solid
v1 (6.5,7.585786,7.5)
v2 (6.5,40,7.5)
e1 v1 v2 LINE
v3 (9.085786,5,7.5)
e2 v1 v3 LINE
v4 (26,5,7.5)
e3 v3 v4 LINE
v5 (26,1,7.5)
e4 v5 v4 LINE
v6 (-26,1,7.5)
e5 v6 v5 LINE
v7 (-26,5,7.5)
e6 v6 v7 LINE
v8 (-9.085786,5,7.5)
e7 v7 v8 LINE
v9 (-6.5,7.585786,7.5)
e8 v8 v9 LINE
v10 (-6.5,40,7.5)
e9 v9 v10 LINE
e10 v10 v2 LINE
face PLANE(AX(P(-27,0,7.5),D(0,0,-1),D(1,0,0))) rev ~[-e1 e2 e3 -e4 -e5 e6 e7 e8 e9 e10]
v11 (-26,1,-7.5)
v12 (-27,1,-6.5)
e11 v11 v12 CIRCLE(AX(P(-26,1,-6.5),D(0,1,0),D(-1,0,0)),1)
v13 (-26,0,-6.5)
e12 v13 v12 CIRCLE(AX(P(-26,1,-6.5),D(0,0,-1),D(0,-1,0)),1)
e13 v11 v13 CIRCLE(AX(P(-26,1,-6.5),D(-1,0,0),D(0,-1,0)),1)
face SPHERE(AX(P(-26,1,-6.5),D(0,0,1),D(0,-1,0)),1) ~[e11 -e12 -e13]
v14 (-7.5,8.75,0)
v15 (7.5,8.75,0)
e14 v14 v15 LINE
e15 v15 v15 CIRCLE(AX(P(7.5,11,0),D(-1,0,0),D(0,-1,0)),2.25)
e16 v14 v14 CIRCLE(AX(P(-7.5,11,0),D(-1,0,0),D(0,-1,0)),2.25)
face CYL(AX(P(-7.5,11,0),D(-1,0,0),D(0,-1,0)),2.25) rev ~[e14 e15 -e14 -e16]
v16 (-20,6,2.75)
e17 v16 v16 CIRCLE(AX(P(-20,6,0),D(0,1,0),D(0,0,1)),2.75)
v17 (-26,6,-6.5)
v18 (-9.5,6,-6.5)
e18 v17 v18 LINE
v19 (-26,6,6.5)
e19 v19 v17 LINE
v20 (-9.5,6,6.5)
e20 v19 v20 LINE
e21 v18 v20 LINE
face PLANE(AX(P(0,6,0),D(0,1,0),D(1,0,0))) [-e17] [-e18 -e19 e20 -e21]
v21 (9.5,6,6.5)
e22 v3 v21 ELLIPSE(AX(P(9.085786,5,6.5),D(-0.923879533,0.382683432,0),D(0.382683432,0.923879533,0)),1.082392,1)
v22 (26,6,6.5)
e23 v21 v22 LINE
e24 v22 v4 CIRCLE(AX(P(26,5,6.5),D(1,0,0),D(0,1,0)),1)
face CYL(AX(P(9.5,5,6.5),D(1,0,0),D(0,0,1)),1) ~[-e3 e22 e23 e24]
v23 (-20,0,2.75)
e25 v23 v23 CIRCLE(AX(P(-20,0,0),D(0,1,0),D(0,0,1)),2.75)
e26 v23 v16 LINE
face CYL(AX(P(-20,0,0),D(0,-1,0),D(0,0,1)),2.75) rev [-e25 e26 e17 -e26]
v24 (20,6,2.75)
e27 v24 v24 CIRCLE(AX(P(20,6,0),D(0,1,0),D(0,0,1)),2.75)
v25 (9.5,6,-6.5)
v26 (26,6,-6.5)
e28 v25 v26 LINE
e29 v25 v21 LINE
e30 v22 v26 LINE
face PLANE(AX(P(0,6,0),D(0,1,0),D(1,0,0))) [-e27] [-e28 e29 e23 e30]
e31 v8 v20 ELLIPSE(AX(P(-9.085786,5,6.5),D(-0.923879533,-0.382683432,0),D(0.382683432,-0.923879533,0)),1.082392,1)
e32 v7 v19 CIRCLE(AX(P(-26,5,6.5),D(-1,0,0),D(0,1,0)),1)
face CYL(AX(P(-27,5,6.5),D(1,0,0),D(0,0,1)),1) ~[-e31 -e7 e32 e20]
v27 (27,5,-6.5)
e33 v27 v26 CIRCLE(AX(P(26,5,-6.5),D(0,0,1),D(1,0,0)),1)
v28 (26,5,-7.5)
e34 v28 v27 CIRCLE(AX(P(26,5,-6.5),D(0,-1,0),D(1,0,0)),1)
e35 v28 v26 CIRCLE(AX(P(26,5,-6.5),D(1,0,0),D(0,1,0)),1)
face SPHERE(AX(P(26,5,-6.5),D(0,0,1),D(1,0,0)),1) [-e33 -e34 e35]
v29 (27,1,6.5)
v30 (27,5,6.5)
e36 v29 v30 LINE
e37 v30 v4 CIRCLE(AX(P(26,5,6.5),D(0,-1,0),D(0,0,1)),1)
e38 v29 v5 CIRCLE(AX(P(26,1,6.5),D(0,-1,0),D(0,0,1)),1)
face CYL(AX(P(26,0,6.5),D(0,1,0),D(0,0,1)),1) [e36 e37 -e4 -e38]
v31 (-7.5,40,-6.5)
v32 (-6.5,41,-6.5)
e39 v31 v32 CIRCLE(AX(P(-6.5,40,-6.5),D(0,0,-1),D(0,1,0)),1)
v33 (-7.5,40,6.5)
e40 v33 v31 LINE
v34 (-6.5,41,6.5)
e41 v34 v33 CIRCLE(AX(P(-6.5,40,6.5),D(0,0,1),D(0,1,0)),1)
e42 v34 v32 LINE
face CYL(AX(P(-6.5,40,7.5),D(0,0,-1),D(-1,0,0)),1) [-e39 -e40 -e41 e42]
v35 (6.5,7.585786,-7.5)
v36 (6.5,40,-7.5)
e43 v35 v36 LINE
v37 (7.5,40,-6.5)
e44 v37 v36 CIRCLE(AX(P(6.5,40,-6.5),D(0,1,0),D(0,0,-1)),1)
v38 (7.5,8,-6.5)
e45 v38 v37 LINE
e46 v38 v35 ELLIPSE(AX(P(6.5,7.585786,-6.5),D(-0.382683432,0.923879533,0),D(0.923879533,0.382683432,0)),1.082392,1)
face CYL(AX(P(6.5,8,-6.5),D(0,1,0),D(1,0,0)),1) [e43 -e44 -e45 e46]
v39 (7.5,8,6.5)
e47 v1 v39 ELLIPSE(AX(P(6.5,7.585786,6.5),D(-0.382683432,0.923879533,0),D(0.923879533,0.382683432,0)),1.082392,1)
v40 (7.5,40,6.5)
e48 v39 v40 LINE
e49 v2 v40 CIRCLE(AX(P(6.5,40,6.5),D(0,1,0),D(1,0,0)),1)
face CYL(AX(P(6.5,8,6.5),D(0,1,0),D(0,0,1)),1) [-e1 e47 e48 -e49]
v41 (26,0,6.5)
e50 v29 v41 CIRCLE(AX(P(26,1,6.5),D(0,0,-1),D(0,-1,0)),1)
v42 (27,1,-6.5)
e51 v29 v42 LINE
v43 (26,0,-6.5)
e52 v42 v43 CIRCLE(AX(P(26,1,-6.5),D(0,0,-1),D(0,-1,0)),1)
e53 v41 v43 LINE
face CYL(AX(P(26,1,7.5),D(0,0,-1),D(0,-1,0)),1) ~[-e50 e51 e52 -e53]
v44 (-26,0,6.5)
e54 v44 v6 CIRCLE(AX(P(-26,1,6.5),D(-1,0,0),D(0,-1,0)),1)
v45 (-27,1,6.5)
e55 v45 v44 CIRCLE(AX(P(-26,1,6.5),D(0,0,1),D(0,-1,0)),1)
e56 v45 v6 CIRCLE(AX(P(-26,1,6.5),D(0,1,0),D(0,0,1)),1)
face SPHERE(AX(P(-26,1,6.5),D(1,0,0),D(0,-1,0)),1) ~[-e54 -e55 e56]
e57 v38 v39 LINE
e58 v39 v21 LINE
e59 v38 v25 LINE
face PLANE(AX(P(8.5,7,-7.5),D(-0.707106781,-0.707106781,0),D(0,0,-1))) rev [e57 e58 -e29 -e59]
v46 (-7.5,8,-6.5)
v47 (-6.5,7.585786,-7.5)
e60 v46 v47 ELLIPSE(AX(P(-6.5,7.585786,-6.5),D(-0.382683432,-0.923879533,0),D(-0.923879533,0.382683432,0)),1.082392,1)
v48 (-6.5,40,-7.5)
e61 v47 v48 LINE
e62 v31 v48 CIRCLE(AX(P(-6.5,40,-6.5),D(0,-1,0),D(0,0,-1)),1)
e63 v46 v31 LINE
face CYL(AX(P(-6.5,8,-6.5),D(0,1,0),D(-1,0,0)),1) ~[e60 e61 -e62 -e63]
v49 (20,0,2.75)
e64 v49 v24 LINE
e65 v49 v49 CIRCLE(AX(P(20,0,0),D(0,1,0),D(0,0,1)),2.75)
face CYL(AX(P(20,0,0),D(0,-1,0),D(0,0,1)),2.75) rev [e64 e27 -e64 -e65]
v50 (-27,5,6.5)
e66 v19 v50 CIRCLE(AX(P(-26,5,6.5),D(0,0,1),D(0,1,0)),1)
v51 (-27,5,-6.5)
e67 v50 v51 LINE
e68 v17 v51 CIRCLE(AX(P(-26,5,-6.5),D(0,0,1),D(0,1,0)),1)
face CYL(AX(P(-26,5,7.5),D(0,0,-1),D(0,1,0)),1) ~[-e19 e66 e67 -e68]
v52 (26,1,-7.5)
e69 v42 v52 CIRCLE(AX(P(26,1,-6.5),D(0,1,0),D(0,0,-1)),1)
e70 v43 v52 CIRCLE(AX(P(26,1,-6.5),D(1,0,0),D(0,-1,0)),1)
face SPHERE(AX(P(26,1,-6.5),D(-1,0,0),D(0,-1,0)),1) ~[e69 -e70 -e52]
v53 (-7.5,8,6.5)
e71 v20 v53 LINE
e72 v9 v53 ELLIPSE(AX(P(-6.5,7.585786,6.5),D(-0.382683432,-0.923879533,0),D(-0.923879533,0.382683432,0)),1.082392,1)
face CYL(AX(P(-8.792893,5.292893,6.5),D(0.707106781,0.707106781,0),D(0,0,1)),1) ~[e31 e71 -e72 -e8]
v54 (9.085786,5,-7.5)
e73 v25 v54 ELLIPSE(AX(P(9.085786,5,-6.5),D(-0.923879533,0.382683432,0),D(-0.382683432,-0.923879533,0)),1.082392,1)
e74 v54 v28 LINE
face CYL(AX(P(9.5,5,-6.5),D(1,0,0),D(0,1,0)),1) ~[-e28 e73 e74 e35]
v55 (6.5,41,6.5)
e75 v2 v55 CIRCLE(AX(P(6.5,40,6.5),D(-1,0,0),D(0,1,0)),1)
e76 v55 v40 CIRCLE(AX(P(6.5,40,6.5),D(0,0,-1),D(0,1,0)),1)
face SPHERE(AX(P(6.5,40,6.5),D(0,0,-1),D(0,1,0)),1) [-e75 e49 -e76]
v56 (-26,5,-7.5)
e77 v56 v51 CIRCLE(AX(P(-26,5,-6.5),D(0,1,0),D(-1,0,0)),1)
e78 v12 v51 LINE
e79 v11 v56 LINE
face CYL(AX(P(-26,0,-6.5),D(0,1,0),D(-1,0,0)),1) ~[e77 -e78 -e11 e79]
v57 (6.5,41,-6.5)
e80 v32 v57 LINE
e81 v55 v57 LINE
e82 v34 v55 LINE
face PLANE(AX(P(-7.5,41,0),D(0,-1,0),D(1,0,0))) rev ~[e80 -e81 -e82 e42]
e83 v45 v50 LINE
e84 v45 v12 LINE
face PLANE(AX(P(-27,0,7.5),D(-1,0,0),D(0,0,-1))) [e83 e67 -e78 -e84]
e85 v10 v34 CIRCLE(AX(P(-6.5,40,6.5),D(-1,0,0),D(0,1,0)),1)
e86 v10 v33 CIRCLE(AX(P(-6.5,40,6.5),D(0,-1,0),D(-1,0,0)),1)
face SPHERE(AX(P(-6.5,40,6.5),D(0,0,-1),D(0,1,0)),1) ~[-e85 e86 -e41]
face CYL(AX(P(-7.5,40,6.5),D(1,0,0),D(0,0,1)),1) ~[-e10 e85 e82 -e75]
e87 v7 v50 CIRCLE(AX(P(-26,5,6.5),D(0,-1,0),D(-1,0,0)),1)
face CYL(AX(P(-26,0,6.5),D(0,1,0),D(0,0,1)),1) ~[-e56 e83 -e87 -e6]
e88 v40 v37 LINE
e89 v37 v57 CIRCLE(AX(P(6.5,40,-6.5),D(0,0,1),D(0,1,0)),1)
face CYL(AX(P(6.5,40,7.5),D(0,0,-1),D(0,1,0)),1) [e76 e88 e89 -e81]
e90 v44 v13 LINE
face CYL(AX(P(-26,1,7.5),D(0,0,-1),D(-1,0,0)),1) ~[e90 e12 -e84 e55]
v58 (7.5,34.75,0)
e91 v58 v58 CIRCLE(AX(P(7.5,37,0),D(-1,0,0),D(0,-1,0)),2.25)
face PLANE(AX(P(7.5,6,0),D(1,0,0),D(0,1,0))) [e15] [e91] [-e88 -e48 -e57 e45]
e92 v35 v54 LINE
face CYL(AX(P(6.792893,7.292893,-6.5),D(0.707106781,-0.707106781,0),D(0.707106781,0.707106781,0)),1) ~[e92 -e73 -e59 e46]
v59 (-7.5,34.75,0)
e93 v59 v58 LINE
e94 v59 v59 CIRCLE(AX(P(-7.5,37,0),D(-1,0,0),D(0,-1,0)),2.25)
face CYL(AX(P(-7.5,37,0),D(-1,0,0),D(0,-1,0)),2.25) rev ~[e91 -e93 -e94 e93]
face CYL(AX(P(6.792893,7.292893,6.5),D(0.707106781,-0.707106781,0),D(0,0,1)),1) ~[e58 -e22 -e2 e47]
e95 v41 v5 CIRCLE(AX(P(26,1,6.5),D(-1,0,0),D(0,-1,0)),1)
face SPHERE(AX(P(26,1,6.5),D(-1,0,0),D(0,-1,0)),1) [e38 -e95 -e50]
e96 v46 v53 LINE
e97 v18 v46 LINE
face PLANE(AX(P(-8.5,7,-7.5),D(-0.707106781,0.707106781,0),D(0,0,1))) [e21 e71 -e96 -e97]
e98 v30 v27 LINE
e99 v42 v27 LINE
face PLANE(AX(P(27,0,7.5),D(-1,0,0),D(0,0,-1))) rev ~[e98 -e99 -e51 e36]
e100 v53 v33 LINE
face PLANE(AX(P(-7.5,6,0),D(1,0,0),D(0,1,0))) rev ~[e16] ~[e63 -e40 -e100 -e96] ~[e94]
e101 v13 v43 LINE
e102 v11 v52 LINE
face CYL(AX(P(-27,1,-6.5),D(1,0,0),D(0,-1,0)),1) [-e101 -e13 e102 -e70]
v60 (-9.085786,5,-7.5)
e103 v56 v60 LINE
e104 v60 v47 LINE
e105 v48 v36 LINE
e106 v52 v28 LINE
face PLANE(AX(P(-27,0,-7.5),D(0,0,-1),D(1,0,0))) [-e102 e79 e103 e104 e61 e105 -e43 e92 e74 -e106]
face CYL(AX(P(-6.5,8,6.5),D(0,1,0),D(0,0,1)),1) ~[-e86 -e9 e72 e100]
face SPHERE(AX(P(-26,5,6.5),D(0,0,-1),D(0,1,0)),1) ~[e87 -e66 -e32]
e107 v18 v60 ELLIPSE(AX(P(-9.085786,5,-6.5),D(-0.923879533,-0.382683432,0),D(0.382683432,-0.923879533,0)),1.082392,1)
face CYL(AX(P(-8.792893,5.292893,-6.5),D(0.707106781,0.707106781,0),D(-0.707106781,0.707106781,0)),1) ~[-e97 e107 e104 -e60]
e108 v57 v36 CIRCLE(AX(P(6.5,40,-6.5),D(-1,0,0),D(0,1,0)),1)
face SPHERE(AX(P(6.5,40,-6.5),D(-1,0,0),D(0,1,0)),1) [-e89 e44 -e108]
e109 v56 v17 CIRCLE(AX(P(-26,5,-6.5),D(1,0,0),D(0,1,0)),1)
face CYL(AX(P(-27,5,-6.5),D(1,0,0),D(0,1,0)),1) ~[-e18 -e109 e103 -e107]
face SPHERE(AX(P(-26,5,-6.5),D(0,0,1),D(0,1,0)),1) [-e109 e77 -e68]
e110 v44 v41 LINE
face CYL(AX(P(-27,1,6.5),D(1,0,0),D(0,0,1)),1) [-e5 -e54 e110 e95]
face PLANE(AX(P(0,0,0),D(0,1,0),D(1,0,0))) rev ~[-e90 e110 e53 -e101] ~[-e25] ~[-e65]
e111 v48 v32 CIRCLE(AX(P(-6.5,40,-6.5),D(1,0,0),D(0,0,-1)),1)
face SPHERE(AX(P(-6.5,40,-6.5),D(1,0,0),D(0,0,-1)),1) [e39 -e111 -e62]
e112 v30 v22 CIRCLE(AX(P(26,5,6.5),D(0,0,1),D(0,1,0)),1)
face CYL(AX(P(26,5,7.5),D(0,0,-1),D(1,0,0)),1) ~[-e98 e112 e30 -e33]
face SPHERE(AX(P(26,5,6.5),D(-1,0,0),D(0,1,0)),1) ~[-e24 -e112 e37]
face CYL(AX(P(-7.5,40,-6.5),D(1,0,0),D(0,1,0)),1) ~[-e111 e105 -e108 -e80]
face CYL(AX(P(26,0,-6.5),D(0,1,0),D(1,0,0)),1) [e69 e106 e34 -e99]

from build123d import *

# Parameters (mm, degrees)
SKETCH_1_W          = 54
SKETCH_1_H          = 15
SKETCH_1_R          = 2.75
EXTRUDE_1_DEPTH     = 6
SKETCH_2_W          = 15
SKETCH_2_H          = 35
EXTRUDE_2_DEPTH     = 7.5
SKETCH_3_R          = 2.25
CUT_EXTRUDE_1_DEPTH = 15
CHAMFER_1_SIZE      = 2
FILLET_1_R          = 1


with BuildPart() as part:
    # 草图1 → 凸台-拉伸1 (new body)
    with BuildSketch(Plane(origin=(0, 0, 0), x_dir=(1, 0, 0), z_dir=(0, 1, 0))):
        Rectangle(SKETCH_1_W, SKETCH_1_H)
        with Locations(Location((-20, 0, 0), (0, 0, 270))):
            Circle(SKETCH_1_R, mode=Mode.SUBTRACT)
        with Locations(Location((20, 0, 0), (0, 0, 270))):
            Circle(SKETCH_1_R, mode=Mode.SUBTRACT)
    extrude(amount=EXTRUDE_1_DEPTH)

    # 草图2 → 凸台-拉伸2 (add, symmetric)
    with BuildSketch(Plane.XY):
        with Locations((0, 23.5)):
            Rectangle(SKETCH_2_W, SKETCH_2_H)
    extrude(amount=EXTRUDE_2_DEPTH, both=True)

    # 草图3 → 切除-拉伸1 (cut)
    with BuildSketch(Plane.ZY.offset(7.5)):
        with Locations(Location((0, 11, 0), (0, 0, 270))):
            Circle(SKETCH_3_R)
        with Locations(Location((0, 37, 0), (0, 0, 270))):
            Circle(SKETCH_3_R)
    extrude(amount=-CUT_EXTRUDE_1_DEPTH, mode=Mode.SUBTRACT)

    # 倒角1
    chamfer_1_edges = [part.edges().sort_by_distance(p)[0] for p in [
        (7.5, 6, 0),
        (-7.5, 6, 0),
    ]]
    chamfer(chamfer_1_edges, length=CHAMFER_1_SIZE)

    # 圆角1
    fillet_1_edges = [part.edges().sort_by_distance(p)[0] for p in [
        (-27, 6, 0),
        (-18.25, 6, 7.5),
        (0, 41, -7.5),
        (7.5, 41, 0),
        (-7.5, 24.5, -7.5),
        (-7.5, 41, 0),
        (0, 41, 7.5),
        (-7.5, 24.5, 7.5),
        (7.5, 24.5, -7.5),
        (7.5, 24.5, 7.5),
        (18.25, 6, 7.5),
        (-18.25, 6, -7.5),
        (27, 6, 0),
        (0, 0, 7.5),
        (8.5, 7, -7.5),
        (8.5, 7, 7.5),
        (-8.5, 7, -7.5),
        (-8.5, 7, 7.5),
        (-27, 0, 0),
        (0, 0, -7.5),
        (27, 0, 0),
        (27, 3, 7.5),
        (-27, 3, 7.5),
        (-27, 3, -7.5),
        (27, 3, -7.5),
        (18.25, 6, -7.5),
    ]]
    fillet(fillet_1_edges, radius=FILLET_1_R)


solid = part.part
